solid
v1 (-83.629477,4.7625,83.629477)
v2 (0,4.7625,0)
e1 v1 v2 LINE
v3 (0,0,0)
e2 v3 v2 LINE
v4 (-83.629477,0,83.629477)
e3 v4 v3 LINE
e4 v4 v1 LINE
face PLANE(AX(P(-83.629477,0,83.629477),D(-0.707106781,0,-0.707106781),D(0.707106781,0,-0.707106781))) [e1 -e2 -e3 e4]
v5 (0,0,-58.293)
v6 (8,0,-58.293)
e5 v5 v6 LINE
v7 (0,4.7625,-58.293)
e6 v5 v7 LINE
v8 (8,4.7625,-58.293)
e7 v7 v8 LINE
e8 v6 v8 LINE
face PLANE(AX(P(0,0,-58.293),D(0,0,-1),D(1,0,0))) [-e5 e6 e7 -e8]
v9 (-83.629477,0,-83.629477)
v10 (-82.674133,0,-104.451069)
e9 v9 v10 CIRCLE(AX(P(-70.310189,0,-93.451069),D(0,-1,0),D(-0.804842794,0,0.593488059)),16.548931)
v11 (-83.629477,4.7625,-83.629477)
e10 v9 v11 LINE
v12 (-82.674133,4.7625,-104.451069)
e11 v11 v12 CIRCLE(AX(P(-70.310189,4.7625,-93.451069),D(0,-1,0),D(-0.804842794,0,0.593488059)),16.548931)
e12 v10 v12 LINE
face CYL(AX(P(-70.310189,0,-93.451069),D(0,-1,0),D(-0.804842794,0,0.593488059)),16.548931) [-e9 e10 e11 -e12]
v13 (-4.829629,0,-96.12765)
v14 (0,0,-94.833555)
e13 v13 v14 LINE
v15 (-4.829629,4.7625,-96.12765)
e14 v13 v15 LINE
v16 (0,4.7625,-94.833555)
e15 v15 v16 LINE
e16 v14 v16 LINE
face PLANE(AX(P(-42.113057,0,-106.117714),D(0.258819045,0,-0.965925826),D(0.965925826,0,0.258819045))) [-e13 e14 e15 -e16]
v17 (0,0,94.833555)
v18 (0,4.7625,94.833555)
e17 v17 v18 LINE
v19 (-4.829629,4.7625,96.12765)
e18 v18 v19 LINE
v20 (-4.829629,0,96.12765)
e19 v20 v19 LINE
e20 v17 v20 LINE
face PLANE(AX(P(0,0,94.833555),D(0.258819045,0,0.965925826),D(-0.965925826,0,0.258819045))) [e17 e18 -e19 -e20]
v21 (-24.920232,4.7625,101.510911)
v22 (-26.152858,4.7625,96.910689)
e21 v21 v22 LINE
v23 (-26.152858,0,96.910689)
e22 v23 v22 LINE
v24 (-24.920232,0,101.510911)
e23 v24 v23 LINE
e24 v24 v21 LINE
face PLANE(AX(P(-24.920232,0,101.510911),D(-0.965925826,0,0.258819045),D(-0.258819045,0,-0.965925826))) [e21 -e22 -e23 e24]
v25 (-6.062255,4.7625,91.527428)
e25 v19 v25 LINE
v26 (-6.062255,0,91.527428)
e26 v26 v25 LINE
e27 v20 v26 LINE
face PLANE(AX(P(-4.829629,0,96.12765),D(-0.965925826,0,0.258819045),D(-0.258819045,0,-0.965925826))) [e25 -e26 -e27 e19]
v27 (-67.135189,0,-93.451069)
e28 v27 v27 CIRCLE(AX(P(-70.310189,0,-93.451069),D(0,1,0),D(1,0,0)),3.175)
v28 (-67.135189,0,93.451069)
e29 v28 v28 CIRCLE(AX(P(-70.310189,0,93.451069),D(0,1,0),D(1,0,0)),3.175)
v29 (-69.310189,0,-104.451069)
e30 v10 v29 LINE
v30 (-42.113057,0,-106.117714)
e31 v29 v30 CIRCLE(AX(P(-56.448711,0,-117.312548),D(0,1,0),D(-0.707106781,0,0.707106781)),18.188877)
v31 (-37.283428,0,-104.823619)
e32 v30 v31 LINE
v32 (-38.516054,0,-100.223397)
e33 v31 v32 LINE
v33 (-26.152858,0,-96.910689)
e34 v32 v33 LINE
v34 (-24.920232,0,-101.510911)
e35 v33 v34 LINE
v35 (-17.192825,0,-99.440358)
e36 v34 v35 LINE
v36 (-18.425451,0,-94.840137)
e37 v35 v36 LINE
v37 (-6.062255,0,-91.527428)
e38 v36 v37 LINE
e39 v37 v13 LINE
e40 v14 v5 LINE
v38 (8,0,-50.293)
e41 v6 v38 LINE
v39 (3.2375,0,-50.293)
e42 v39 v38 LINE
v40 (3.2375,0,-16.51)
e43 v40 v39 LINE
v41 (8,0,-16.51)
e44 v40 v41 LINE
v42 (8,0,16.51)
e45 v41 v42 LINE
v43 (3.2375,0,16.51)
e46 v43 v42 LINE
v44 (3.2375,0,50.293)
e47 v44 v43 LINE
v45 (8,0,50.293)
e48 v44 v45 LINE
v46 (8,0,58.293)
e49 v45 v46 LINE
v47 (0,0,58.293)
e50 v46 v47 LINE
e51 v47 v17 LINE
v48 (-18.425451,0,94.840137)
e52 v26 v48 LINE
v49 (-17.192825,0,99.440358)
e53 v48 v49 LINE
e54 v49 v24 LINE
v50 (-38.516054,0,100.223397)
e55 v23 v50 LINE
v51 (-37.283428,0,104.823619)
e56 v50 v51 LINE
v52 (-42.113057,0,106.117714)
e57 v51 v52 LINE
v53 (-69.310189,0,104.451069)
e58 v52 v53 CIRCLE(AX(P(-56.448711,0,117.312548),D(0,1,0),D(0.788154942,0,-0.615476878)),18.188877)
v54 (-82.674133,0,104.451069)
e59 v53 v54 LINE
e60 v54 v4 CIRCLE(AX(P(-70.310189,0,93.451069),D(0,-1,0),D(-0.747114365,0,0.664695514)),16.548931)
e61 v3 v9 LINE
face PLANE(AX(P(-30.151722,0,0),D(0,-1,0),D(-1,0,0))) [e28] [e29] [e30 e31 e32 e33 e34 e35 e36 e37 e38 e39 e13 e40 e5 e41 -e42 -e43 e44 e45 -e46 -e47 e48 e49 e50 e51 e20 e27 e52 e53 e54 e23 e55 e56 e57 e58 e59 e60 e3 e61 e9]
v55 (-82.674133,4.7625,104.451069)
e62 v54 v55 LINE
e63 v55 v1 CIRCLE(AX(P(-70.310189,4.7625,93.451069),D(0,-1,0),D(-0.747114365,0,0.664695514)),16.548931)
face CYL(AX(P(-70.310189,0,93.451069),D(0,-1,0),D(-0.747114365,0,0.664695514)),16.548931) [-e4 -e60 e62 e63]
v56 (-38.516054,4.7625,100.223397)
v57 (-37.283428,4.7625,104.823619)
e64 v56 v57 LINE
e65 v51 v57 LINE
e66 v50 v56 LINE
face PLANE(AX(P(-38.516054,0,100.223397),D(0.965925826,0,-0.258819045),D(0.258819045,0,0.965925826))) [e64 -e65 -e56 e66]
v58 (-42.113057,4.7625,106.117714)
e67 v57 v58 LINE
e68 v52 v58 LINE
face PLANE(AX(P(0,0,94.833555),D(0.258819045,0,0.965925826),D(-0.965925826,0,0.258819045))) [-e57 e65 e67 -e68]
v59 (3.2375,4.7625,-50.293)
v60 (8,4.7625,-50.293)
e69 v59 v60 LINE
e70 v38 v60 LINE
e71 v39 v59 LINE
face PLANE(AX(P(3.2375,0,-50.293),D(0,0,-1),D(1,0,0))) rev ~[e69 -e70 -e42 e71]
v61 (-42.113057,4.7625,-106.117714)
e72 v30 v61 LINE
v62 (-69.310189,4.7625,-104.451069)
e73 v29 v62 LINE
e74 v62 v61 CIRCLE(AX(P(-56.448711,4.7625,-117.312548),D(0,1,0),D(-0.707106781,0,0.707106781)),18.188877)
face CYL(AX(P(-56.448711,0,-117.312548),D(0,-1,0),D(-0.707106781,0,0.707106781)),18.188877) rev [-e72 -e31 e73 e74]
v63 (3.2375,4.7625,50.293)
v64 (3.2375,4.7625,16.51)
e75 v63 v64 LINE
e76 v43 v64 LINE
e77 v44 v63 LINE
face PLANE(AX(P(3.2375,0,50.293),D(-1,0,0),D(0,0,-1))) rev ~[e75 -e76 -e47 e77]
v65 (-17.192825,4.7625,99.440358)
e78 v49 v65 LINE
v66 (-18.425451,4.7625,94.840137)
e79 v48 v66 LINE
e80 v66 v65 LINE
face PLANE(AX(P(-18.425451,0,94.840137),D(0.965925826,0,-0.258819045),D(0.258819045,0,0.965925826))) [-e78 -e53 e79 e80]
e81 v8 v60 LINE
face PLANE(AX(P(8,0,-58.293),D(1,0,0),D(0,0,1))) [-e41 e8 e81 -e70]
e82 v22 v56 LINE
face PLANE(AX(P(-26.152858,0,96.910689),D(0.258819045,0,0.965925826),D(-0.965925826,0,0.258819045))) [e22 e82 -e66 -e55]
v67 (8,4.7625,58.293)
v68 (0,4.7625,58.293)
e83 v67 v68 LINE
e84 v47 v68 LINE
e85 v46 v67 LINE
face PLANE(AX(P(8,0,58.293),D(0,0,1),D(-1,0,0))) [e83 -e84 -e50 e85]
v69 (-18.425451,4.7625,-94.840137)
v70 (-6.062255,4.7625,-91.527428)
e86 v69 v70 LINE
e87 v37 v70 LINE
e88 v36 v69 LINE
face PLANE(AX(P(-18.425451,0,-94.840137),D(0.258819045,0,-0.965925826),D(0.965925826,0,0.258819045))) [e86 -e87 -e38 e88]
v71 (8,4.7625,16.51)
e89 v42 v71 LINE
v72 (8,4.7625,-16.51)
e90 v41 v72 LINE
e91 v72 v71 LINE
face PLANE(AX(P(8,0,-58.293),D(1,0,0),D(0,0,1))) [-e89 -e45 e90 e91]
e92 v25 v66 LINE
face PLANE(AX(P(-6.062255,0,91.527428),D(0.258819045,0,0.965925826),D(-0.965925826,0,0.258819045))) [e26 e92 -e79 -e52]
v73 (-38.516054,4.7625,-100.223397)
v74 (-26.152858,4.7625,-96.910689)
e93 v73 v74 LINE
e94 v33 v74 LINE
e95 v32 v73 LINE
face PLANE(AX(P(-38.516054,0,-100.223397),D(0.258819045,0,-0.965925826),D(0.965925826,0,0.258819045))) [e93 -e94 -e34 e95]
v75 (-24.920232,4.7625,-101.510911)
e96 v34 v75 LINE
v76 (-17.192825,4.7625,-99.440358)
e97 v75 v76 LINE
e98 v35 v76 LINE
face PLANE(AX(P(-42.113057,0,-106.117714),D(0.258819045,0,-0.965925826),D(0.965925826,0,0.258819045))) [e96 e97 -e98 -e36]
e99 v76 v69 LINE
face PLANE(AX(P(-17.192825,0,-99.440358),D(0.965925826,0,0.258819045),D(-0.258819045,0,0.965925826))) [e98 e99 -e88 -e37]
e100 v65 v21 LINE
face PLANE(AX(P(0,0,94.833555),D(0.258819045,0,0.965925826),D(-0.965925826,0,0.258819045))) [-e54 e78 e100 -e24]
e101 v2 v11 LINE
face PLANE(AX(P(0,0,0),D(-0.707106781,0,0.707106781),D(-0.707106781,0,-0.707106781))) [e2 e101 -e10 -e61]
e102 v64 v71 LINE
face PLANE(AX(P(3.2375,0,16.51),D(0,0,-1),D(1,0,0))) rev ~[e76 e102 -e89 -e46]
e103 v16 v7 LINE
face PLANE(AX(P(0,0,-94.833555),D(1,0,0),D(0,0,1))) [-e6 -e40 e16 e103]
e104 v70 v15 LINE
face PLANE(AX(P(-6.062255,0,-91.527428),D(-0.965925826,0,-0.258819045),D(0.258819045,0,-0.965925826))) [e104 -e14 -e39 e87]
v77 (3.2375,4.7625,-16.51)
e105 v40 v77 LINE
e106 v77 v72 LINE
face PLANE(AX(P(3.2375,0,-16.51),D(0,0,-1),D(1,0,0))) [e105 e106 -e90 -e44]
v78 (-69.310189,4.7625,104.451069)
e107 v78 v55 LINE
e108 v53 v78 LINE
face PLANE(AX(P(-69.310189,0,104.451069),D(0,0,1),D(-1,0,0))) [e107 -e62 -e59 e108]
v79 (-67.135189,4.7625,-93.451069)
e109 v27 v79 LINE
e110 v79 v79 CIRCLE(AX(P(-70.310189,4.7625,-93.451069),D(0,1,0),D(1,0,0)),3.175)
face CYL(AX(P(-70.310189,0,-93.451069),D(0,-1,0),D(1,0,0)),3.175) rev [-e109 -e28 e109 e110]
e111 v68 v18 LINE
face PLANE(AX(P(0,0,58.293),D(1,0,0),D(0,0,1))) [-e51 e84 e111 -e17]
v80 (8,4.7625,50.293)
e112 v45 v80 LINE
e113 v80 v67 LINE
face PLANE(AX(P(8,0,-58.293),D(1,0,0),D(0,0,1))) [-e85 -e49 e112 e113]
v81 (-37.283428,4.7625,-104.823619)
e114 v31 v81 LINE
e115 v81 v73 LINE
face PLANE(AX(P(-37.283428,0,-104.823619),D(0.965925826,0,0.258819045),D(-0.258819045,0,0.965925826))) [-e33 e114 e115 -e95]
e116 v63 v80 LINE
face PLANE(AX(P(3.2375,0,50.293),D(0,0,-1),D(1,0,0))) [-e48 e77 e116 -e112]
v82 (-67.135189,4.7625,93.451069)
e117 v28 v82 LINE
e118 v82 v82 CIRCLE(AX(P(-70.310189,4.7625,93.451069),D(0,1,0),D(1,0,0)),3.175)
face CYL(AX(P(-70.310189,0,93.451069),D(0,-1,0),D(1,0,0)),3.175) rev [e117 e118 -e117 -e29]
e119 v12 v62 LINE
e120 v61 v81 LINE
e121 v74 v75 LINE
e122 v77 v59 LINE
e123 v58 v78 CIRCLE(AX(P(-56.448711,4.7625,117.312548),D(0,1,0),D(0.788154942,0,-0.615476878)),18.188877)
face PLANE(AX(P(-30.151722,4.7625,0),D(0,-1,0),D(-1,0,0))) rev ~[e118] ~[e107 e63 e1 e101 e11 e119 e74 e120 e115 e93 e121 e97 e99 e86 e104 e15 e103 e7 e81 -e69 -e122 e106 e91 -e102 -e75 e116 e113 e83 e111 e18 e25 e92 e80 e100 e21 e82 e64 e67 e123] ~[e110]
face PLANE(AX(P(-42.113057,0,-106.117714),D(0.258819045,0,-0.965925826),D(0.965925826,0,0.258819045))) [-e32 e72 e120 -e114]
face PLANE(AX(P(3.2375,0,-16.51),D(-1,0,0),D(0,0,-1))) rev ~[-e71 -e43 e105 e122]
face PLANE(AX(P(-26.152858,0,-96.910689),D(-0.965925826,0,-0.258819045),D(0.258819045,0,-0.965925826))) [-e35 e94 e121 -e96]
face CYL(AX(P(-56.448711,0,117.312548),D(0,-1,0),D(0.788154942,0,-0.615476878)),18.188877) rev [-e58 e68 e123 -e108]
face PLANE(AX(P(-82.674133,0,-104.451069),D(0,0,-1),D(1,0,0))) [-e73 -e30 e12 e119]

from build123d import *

# Parameters (mm, degrees)
SKETCH1_R           = 3.175
BOSS_EXTRUDE1_DEPTH = 4.7625
SKETCH2_W           = 4.7625
SKETCH2_H           = 33.783
CUT_EXTRUDE1_DEPTH  = 5


with BuildPart() as part:
    # Sketch1 → Boss-Extrude1 (new body)
    with BuildSketch(Plane(origin=(0, 0, 0), x_dir=(1, 0, 0), z_dir=(0, 1, 0))):
        with BuildLine():
            Line((-82.674132744, 104.451069294), (-69.310188895, 104.451069294))
            ThreePointArc((-69.310188895, 104.451069294), (-55.336180049, 99.157726681), (-42.113057451, 106.117714323))
            Line((-42.113057451, 106.117714323), (0, 94.833554589))
            Line((0, 94.833554589), (0, 58.293))
            Line((0, 58.293), (8, 58.293))
            Line((8, 58.293), (8, -58.293))
            Line((8, -58.293), (0, -58.293))
            Line((0, -58.293), (0, -94.833554589))
            Line((0, -94.833554589), (-42.113057451, -106.117714323))
            ThreePointArc((-42.113057451, -106.117714323), (-55.336180049, -99.157726681), (-69.310188895, -104.451069294))
            Line((-69.310188895, -104.451069294), (-82.674132744, -104.451069294))
            ThreePointArc((-82.674132744, -104.451069294), (-86.841727728, -94.209575285), (-83.629476528, -83.629476528))
            Line((-83.629476528, -83.629476528), (0, 0))
            Line((0, 0), (-83.629476528, 83.629476528))
            ThreePointArc((-83.629476528, 83.629476528), (-86.841727728, 94.209575285), (-82.674132744, 104.451069294))
        make_face()
        with Locations((-70.310188895, 93.451069294)):
            Circle(SKETCH1_R, mode=Mode.SUBTRACT)
        with Locations((-70.310188895, -93.451069294)):
            Circle(SKETCH1_R, mode=Mode.SUBTRACT)
    extrude(amount=BOSS_EXTRUDE1_DEPTH)

    # Sketch2 → Cut-Extrude1 (cut)
    with BuildSketch(Plane(origin=(0, 0, 0), x_dir=(1, 0, 0), z_dir=(0, 1, 0))):
        Polygon((-17.19282542, -99.440358276), (-4.829629131, -96.127649814), (-6.062254834, -91.527428067), (-18.425451123, -94.840136528), align=None)
        Polygon((-37.283428319, -104.823619098), (-24.920232031, -101.510910637), (-26.152857733, -96.910688889), (-38.516054022, -100.22339735), align=None)
        with Locations((5.61875, -33.4015)):
            Rectangle(SKETCH2_W, SKETCH2_H)
        Polygon((-38.516054022, 100.22339735), (-26.152857733, 96.910688889), (-24.920232031, 101.510910637), (-37.283428319, 104.823619098), align=None)
        Polygon((-18.425451123, 94.840136528), (-6.062254834, 91.527428067), (-4.829629131, 96.127649814), (-17.19282542, 99.440358276), align=None)
        with Locations((5.61875, 33.4015)):
            Rectangle(SKETCH2_W, SKETCH2_H)
    extrude(amount=CUT_EXTRUDE1_DEPTH, mode=Mode.SUBTRACT)


solid = part.part
